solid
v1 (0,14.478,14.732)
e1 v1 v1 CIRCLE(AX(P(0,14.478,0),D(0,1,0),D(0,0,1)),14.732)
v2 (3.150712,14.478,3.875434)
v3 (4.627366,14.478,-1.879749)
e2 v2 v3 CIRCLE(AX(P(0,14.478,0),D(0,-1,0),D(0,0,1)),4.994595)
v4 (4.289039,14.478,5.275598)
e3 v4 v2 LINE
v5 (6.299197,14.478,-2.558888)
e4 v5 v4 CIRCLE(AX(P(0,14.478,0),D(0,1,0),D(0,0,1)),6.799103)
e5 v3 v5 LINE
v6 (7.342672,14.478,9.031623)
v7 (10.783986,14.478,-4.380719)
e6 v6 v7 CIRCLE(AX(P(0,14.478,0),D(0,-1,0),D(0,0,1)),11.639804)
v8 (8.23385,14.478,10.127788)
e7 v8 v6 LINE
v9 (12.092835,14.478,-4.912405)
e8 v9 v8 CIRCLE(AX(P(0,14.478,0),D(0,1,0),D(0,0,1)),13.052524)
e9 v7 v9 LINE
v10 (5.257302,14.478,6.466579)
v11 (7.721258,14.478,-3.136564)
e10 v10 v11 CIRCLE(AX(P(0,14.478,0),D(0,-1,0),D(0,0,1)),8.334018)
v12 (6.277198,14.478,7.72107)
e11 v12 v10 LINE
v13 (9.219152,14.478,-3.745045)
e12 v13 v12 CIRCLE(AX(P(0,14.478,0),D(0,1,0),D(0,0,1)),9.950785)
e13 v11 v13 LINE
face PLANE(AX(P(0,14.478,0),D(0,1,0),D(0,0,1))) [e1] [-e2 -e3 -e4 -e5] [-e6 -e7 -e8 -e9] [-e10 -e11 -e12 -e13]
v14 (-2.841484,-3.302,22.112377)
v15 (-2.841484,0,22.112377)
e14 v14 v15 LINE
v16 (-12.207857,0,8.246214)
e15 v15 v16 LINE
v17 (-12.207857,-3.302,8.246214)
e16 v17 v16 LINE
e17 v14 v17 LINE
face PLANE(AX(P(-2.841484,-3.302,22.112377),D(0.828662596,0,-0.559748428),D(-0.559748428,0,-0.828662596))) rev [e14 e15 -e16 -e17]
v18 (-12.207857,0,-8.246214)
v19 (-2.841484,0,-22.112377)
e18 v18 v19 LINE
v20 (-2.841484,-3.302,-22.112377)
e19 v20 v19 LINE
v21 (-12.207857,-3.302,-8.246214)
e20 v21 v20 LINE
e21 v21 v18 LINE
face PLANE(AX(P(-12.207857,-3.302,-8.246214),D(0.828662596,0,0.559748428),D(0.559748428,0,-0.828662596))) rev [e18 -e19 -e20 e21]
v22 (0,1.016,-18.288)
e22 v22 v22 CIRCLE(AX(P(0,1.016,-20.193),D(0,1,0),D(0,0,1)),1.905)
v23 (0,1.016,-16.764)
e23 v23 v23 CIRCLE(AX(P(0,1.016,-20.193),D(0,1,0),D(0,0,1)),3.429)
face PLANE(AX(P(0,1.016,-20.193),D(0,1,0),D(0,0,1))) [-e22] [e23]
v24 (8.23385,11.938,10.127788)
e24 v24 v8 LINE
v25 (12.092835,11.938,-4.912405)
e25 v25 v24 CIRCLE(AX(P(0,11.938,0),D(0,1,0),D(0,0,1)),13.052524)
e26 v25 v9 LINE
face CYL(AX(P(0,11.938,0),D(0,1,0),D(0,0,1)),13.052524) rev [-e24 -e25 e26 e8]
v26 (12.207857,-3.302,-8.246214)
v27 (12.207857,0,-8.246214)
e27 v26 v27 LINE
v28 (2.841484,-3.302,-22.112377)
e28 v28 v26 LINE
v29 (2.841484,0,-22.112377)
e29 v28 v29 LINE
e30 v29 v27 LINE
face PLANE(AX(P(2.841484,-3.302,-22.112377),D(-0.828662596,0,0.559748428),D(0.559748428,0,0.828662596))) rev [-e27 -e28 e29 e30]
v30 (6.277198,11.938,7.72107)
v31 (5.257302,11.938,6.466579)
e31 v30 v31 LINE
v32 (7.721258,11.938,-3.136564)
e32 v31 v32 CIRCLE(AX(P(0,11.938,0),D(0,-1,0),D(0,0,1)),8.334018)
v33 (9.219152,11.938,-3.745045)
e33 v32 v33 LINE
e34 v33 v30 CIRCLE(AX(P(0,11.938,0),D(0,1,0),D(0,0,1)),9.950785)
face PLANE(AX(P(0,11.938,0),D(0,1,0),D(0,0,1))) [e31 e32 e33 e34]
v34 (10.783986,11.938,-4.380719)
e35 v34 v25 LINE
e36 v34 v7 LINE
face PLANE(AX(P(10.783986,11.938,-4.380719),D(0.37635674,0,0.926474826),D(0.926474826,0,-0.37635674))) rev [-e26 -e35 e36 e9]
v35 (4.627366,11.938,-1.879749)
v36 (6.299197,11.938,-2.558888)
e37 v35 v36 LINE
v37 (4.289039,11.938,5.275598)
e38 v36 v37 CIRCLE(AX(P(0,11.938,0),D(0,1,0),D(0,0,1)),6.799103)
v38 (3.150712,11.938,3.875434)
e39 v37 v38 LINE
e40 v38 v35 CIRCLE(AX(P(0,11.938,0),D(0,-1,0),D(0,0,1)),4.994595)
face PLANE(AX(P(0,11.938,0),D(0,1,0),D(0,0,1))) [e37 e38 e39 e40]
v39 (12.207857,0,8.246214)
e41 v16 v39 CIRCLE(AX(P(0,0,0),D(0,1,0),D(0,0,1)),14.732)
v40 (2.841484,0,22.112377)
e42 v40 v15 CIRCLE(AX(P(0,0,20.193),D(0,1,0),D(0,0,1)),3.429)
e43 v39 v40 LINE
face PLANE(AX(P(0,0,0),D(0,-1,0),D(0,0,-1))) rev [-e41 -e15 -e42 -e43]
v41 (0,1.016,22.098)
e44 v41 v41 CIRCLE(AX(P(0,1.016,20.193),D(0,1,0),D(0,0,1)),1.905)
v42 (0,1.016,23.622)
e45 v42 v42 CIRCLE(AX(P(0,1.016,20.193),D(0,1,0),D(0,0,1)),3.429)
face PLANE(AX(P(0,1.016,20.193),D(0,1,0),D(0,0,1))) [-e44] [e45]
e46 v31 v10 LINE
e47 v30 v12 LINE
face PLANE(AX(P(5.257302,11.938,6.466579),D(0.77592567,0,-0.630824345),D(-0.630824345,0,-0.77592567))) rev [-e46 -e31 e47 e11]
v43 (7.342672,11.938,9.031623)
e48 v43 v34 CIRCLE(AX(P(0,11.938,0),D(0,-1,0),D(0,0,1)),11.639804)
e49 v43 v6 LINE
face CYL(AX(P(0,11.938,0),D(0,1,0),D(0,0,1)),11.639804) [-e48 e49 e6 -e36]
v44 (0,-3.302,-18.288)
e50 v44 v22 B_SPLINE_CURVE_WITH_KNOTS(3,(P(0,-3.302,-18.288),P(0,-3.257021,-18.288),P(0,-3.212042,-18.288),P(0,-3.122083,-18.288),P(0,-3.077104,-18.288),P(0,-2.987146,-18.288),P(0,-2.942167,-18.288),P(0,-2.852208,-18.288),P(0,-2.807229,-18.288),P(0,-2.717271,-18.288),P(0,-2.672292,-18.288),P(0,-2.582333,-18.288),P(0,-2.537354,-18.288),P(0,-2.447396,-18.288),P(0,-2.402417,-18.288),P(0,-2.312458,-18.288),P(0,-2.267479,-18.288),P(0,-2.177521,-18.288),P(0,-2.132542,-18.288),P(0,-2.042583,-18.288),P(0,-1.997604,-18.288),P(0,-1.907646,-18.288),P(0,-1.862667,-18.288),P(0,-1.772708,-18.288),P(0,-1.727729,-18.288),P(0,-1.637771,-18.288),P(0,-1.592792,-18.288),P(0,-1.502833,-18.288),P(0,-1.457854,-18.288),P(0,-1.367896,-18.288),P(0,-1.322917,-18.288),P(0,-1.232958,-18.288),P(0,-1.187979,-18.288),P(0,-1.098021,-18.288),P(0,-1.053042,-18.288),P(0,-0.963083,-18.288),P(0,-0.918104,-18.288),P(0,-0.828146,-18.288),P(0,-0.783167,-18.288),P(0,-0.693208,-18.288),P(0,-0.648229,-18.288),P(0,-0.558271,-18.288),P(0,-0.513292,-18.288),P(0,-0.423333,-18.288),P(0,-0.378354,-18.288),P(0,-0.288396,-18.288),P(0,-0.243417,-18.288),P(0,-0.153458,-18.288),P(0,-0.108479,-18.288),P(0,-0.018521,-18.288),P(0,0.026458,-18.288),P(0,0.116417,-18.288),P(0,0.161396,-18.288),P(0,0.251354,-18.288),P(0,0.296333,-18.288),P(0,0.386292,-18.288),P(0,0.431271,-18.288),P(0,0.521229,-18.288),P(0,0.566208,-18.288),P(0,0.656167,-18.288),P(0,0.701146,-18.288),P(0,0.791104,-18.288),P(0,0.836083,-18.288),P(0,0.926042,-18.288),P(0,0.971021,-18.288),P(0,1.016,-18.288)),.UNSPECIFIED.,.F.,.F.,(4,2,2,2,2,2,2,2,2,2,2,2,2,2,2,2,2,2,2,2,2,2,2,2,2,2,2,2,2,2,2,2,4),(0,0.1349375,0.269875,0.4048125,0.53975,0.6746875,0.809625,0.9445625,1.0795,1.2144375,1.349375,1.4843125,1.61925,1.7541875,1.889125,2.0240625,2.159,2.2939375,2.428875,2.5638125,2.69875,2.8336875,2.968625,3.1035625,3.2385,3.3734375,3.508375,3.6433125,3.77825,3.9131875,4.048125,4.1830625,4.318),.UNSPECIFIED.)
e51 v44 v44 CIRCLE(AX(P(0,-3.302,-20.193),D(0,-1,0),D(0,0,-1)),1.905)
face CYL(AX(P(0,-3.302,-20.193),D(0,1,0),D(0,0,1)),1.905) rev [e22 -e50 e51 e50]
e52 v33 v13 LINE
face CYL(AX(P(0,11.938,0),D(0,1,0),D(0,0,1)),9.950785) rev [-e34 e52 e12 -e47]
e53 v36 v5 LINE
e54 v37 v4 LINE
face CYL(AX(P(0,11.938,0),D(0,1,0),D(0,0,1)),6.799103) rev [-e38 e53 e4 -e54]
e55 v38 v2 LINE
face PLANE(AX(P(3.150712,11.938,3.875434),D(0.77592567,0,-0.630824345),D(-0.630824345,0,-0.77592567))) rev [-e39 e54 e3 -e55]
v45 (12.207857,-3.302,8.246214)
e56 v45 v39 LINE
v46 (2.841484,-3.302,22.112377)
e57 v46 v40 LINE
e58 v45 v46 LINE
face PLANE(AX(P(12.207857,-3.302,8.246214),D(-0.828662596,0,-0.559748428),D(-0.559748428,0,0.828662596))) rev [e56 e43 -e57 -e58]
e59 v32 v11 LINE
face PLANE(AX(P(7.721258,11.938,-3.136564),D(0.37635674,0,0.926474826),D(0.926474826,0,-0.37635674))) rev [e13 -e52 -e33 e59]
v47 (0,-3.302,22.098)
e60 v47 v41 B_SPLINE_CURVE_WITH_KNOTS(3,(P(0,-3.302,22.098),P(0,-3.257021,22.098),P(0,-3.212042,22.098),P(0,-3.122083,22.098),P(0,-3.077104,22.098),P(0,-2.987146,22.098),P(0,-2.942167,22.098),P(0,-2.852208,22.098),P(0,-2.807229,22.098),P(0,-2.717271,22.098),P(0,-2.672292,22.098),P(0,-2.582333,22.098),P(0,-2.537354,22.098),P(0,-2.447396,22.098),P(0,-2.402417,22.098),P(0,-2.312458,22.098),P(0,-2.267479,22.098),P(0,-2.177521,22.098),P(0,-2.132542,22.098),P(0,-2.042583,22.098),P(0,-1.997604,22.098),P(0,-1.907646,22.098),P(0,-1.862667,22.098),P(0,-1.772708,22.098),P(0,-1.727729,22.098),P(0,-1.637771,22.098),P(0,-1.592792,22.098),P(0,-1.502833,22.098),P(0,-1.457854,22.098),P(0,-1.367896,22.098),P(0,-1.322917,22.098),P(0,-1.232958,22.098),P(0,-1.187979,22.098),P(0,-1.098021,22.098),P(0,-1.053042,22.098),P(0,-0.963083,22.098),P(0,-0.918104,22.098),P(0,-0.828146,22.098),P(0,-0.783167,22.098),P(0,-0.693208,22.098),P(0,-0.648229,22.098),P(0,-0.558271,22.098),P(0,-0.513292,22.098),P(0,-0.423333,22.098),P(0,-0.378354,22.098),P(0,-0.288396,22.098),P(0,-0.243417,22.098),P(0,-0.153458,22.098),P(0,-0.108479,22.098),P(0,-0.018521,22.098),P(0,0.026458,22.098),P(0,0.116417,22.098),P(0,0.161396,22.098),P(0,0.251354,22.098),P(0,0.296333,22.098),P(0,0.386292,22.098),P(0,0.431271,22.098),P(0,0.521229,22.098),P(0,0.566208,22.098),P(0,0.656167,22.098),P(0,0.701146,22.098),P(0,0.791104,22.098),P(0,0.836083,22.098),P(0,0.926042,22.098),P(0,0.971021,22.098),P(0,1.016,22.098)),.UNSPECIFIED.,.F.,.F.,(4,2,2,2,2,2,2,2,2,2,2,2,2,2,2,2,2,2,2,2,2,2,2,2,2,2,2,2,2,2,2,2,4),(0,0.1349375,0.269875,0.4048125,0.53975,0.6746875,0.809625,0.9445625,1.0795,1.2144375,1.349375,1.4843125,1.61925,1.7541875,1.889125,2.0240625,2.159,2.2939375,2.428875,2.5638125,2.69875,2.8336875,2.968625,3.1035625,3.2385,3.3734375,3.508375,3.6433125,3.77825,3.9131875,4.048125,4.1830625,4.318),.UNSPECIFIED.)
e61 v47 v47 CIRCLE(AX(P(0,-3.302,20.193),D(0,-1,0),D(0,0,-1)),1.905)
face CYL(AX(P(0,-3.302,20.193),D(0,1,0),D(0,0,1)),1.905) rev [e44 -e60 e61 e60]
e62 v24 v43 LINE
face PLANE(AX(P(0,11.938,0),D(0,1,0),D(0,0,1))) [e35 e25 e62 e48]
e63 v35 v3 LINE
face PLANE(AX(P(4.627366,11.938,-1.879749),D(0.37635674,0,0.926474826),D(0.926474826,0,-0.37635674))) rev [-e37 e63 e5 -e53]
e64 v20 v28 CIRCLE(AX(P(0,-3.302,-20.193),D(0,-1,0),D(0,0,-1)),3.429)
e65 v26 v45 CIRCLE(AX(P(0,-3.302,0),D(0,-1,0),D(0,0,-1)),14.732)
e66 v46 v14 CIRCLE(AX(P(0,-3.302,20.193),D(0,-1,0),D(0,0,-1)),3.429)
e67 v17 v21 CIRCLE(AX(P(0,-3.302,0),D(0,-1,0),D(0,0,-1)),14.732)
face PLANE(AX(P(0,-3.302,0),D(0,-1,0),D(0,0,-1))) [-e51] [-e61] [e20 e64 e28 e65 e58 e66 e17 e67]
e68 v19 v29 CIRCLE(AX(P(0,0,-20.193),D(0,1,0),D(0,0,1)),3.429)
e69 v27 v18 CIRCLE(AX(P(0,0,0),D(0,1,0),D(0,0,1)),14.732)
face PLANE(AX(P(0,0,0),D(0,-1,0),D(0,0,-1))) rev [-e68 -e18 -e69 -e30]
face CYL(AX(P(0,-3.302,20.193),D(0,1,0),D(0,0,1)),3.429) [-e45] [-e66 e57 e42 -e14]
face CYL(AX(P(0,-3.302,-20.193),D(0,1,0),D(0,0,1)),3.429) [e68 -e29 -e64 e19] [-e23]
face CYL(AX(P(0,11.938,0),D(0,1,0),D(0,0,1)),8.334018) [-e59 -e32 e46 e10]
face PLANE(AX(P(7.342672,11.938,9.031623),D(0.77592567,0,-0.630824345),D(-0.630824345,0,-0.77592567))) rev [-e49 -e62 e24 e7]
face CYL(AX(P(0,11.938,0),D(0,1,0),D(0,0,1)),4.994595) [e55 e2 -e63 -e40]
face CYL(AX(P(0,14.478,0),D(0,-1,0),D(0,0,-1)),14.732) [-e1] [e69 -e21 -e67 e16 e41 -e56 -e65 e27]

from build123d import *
from build123d.topology import SkipClean

# Parameters (mm, degrees)
SKETCH1_R           = 14.732
BOSS_EXTRUDE1_DEPTH = 14.478
BOSS_EXTRUDE2_START = 3.302
SKETCH2_R           = 1.905
BOSS_EXTRUDE2_DEPTH = 3.302
SKETCH3_R           = 3.429
SKETCH3_R_2         = 1.905
BOSS_EXTRUDE3_DEPTH = 1.016
CUT_EXTRUDE1_DEPTH  = 2.54


with BuildPart() as part:
    # Sketch1 → Boss-Extrude1 (new body)
    with BuildSketch(Plane(origin=(0, 0, 0), x_dir=(1, 0, 0), z_dir=(0, 1, 0))):
        with Locations(Location((0, 0, 0), (0, 0, 270))):
            Circle(SKETCH1_R)
    extrude(amount=BOSS_EXTRUDE1_DEPTH)

    # Sketch2 → Boss-Extrude2 (add)
    with SkipClean():  # the faces are left unmerged after this step: merging them gives an invalid solid
        with BuildSketch(Plane.XZ.offset(BOSS_EXTRUDE2_START)):
            with BuildLine():
                Line((12.207857362, 8.246213836), (2.841484041, 22.112377358))
                ThreePointArc((2.841484041, 22.112377358), (0, 23.622), (-2.841484041, 22.112377358))
                Line((-2.841484041, 22.112377358), (-12.207857362, 8.246213836))
                ThreePointArc((-12.207857362, 8.246213836), (-14.732, 0), (-12.207857362, -8.246213836))
                Line((-12.207857362, -8.246213836), (-2.841484041, -22.112377358))
                ThreePointArc((-2.841484041, -22.112377358), (0, -23.622), (2.841484041, -22.112377358))
                Line((2.841484041, -22.112377358), (12.207857362, -8.246213836))
                ThreePointArc((12.207857362, -8.246213836), (14.732, 0), (12.207857362, 8.246213836))
            make_face()
            with Locations(Location((0, -20.193, 0), (0, 0, 90))):
                Circle(SKETCH2_R, mode=Mode.SUBTRACT)
            with Locations(Location((0, 20.193, 0), (0, 0, 90))):
                Circle(SKETCH2_R, mode=Mode.SUBTRACT)
        extrude(amount=-BOSS_EXTRUDE2_DEPTH)

    # Sketch3 → Boss-Extrude3 (add)
    # profile 1 of 2: a face of its own
    with SkipClean():  # the faces are left unmerged after this step: merging them gives an invalid solid
        with BuildSketch(Plane(origin=(0, 0, 0), x_dir=(1, 0, 0), z_dir=(0, 1, 0))):
            with Locations(Location((0, 20.193, 0), (0, 0, 270))):
                Circle(SKETCH3_R)
            with Locations(Location((0, 20.193, 0), (0, 0, 270))):
                Circle(SKETCH3_R_2, mode=Mode.SUBTRACT)
        # profile 2 of 2: a face of its own
        with BuildSketch(Plane(origin=(0, 0, 0), x_dir=(1, 0, 0), z_dir=(0, 1, 0))):
            with Locations(Location((0, -20.193, 0), (0, 0, 270))):
                Circle(SKETCH3_R)
            with Locations(Location((0, -20.193, 0), (0, 0, 270))):
                Circle(SKETCH3_R_2, mode=Mode.SUBTRACT)
        extrude(amount=BOSS_EXTRUDE3_DEPTH)

    # Sketch4 → Cut-Extrude1 (cut)
    with SkipClean():  # the faces are left unmerged after this step: merging them gives an invalid solid
        with BuildSketch(Plane(origin=(0, 14.478, 0), x_dir=(1, 0, 0), z_dir=(0, 1, 0))):
            with BuildLine():
                Line((4.627366212, 1.879749362), (6.299197436, 2.558888105))
                ThreePointArc((6.299197436, 2.558888105), (-6.58577895, 1.689766936), (4.289039466, -5.275598272))
                Line((4.289039466, -5.275598272), (3.150711898, -3.875434203))
                ThreePointArc((3.150711898, -3.875434203), (-4.83788789, 1.241296293), (4.627366212, 1.879749362))
            make_face()
            with BuildLine():
                Line((5.257301605, -6.466578702), (6.277197533, -7.721069653))
                ThreePointArc((6.277197533, -7.721069653), (-9.638576586, 2.473048086), (9.219151961, 3.745045069))
                Line((9.219151961, 3.745045069), (7.721258116, 3.136563944))
                ThreePointArc((7.721258116, 3.136563944), (-8.072536174, 2.071236345), (5.257301605, -6.466578702))
            make_face()
            with BuildLine():
                Line((7.342672007, -9.031623062), (8.233849794, -10.127788306))
                ThreePointArc((8.233849794, -10.127788306), (-12.64299736, 3.243916791), (12.092834753, 4.912405322))
                Line((12.092834753, 4.912405322), (10.783985796, 4.380718855))
                ThreePointArc((10.783985796, 4.380718855), (-11.274602419, 2.892816557), (7.342672007, -9.031623062))
            make_face()
        extrude(amount=-CUT_EXTRUDE1_DEPTH, mode=Mode.SUBTRACT)


solid = part.part
